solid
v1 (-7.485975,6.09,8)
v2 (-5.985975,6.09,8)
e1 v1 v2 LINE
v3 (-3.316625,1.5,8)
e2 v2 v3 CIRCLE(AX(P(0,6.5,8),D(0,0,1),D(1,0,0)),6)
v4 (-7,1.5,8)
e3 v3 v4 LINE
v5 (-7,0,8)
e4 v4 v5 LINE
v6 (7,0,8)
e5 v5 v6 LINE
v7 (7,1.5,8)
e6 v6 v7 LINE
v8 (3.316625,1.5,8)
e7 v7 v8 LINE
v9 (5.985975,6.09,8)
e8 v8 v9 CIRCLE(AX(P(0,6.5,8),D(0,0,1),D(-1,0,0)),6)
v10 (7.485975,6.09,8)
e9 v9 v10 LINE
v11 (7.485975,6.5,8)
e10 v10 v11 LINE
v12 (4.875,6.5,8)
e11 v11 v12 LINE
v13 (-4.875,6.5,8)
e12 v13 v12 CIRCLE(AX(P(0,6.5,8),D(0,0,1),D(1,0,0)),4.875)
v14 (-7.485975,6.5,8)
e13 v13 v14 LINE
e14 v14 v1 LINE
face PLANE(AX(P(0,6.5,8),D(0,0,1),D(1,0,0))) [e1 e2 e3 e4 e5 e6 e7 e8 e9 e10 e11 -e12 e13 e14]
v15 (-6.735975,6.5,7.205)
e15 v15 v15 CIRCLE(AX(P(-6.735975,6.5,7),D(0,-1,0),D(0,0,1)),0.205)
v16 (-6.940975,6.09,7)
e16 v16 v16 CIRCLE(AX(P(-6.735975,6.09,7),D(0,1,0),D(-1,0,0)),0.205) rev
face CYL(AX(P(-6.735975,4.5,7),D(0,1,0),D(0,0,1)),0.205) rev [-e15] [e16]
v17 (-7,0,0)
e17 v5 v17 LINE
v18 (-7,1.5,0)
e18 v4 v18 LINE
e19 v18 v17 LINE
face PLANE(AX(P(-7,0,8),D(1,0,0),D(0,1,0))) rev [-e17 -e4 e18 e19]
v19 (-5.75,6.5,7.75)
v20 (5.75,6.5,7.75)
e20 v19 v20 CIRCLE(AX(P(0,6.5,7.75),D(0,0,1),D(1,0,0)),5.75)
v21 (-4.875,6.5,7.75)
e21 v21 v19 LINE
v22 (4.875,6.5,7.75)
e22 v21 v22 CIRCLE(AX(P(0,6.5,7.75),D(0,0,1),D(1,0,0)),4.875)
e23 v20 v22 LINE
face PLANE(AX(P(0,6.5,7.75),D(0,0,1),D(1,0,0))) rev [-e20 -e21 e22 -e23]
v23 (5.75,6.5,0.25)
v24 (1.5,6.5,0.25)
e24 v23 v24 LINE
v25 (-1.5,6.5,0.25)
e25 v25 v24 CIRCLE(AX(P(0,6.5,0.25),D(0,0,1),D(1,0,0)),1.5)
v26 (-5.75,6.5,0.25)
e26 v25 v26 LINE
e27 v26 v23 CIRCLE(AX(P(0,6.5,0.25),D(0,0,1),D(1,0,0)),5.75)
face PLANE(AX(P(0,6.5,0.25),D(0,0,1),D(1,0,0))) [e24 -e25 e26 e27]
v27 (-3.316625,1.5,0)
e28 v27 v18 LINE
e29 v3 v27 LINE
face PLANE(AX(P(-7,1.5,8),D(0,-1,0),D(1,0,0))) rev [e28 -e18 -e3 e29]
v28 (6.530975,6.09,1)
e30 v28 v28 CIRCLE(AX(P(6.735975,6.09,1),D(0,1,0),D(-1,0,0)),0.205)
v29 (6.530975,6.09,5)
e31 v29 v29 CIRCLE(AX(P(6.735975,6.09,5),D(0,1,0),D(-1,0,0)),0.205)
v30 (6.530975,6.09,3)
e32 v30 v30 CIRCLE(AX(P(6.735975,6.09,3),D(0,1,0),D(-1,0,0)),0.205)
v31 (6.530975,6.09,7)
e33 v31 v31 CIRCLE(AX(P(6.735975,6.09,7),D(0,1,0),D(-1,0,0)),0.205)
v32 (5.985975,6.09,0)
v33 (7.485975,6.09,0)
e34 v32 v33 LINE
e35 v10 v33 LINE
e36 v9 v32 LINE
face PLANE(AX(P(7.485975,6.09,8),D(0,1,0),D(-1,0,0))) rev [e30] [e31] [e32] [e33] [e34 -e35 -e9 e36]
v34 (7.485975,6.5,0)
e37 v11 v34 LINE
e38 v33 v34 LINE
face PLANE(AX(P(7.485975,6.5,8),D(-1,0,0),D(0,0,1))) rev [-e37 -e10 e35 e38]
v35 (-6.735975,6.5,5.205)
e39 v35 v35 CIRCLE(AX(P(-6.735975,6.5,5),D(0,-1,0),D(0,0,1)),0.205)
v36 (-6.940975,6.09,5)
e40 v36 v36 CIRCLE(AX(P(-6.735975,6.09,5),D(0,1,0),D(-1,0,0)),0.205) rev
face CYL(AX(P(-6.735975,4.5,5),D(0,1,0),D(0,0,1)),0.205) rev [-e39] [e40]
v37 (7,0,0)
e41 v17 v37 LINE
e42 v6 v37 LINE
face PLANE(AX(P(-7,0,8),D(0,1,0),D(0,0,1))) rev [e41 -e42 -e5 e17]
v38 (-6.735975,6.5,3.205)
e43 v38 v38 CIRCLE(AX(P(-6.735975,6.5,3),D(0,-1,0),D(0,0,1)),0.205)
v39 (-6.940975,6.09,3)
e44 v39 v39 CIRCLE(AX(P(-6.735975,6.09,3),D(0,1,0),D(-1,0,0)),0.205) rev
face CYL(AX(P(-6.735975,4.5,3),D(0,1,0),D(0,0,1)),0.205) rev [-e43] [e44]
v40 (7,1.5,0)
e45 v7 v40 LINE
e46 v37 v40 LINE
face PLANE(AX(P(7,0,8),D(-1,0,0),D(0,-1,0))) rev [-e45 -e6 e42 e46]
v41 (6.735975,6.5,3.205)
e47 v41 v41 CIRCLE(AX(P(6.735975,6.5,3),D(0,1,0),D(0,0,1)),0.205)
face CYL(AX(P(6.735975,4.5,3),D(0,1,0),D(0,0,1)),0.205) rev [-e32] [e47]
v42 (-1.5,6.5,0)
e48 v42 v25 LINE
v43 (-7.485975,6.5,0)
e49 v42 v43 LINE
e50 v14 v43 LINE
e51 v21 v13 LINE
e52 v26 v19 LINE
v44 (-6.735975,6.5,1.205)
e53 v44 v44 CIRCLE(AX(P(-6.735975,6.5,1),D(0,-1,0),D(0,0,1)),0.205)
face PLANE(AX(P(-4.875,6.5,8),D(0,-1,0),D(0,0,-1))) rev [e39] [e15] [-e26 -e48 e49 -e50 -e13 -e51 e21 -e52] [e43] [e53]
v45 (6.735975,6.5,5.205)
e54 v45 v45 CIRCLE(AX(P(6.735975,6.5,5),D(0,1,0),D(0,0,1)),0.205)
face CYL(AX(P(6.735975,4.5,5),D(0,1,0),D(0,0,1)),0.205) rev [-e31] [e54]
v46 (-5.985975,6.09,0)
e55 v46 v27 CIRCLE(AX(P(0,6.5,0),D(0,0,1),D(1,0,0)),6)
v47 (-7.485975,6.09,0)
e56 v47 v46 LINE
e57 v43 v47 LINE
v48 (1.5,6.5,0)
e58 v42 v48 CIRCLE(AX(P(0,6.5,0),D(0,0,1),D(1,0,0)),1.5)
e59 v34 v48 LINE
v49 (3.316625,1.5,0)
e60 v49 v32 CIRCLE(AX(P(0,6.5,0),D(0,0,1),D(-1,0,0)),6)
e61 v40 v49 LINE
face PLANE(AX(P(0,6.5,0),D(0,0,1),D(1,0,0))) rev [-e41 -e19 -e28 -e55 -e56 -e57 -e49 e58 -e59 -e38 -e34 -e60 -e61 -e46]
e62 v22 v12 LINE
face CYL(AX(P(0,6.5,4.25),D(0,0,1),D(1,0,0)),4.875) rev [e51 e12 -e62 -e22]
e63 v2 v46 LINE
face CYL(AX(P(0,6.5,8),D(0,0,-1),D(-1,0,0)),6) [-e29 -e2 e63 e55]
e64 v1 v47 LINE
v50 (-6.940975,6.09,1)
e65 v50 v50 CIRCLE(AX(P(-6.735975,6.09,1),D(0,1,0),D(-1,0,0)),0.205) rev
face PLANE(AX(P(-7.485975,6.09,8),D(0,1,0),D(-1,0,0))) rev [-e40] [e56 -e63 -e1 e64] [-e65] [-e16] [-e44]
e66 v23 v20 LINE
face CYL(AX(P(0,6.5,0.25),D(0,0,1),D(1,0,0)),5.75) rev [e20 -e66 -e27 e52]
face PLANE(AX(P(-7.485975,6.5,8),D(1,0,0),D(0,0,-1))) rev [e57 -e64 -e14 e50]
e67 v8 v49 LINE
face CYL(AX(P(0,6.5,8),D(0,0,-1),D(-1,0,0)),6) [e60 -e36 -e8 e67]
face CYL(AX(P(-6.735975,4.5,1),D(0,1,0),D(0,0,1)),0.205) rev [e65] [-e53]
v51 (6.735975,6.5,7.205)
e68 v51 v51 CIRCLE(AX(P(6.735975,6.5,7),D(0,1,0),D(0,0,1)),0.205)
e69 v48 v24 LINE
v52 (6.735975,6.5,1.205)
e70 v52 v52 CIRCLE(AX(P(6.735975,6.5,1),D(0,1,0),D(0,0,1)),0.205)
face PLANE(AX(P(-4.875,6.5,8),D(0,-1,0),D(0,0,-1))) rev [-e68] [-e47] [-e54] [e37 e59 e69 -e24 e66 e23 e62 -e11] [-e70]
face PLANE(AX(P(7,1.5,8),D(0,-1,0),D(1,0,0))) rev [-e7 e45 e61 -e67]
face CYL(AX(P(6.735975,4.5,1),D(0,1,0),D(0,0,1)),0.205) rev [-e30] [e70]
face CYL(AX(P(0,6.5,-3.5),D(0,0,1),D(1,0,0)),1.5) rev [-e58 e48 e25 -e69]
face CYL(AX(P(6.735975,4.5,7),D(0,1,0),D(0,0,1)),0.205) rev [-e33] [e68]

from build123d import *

# Parameters (mm, degrees)
BOSS_EXTRUDE1_DEPTH = 8
CUT_EXTRUDE1_DEPTH  = 3.75
CUT_EXTRUDE2_DEPTH  = 3.75
CUT_EXTRUDE3_DEPTH  = 3.75
SKETCH7_R           = 0.205
CUT_EXTRUDE5_DEPTH  = 2


with BuildPart() as part:
    # Sketch1 → Boss-Extrude1 (new body)
    with BuildSketch(Plane.XY):
        with BuildLine():
            Line((-7, 0), (7, 0))
            Line((7, 0), (7, 1.5))
            Line((7, 1.5), (3.31662479, 1.5))
            ThreePointArc((3.31662479, 1.5), (5.186676874, 3.483647401), (5.985975276, 6.09))
            Line((5.985975276, 6.09), (7.485975276, 6.09))
            Line((7.485975276, 6.09), (7.485975276, 6.5))
            Line((7.485975276, 6.5), (4.875, 6.5))
            Line((4.875, 6.5), (-4.875, 6.5))
            Line((-4.875, 6.5), (-7.485975276, 6.5))
            Line((-7.485975276, 6.5), (-7.485975276, 6.09))
            Line((-7.485975276, 6.09), (-5.985975276, 6.09))
            ThreePointArc((-5.985975276, 6.09), (-5.186676874, 3.483647401), (-3.31662479, 1.5))
            Line((-3.31662479, 1.5), (-7, 1.5))
            Line((-7, 1.5), (-7, 0))
        make_face()
    extrude(amount=BOSS_EXTRUDE1_DEPTH)

    # Sketch3 → Cut-Extrude1 (cut, symmetric)
    with BuildSketch(Plane.XY.offset(4)):
        with BuildLine():
            Line((5.75, 6.5), (-5.75, 6.5))
            ThreePointArc((-5.75, 6.5), (0, 0.75), (5.75, 6.5))
        make_face()
    extrude(amount=CUT_EXTRUDE1_DEPTH, both=True, mode=Mode.SUBTRACT)

    # Sketch4 → Cut-Extrude2 (cut, symmetric)
    with BuildSketch(Plane.XY.offset(8)):
        with BuildLine():
            Line((-4.875, 6.5), (4.875, 6.5))
            ThreePointArc((4.875, 6.5), (0, 1.625), (-4.875, 6.5))
        make_face()
    extrude(amount=CUT_EXTRUDE2_DEPTH, both=True, mode=Mode.SUBTRACT)

    # Sketch6 → Cut-Extrude3 (cut, symmetric)
    with BuildSketch(Plane.XY.offset(0.25)):
        with BuildLine():
            Line((-1.5, 6.5), (1.5, 6.5))
            ThreePointArc((1.5, 6.5), (0, 5), (-1.5, 6.5))
        make_face()
    extrude(amount=CUT_EXTRUDE3_DEPTH, both=True, mode=Mode.SUBTRACT)

    # Sketch7 → Cut-Extrude5 (cut)
    with BuildSketch(Plane(origin=(0, 6.5, 0), x_dir=(1, 0, 0), z_dir=(0, 1, 0))):
        with Locations(Location((6.735975276, -7, 0), (0, 0, 270))):
            Circle(SKETCH7_R)
        with Locations(Location((6.735975276, -5, 0), (0, 0, 270))):
            Circle(SKETCH7_R)
        with Locations(Location((6.735975276, -3, 0), (0, 0, 270))):
            Circle(SKETCH7_R)
        with Locations(Location((6.735975276, -1, 0), (0, 0, 270))):
            Circle(SKETCH7_R)
    cut_extrude5 = extrude(amount=-CUT_EXTRUDE5_DEPTH, mode=Mode.SUBTRACT)

    # Mirror1: Cut-Extrude5 across plane
    add(cut_extrude5.mirror(Plane(origin=(0, 0, 0), x_dir=(0, 0, 1), z_dir=(1, 0, 0))), mode=Mode.SUBTRACT)


solid = part.part
